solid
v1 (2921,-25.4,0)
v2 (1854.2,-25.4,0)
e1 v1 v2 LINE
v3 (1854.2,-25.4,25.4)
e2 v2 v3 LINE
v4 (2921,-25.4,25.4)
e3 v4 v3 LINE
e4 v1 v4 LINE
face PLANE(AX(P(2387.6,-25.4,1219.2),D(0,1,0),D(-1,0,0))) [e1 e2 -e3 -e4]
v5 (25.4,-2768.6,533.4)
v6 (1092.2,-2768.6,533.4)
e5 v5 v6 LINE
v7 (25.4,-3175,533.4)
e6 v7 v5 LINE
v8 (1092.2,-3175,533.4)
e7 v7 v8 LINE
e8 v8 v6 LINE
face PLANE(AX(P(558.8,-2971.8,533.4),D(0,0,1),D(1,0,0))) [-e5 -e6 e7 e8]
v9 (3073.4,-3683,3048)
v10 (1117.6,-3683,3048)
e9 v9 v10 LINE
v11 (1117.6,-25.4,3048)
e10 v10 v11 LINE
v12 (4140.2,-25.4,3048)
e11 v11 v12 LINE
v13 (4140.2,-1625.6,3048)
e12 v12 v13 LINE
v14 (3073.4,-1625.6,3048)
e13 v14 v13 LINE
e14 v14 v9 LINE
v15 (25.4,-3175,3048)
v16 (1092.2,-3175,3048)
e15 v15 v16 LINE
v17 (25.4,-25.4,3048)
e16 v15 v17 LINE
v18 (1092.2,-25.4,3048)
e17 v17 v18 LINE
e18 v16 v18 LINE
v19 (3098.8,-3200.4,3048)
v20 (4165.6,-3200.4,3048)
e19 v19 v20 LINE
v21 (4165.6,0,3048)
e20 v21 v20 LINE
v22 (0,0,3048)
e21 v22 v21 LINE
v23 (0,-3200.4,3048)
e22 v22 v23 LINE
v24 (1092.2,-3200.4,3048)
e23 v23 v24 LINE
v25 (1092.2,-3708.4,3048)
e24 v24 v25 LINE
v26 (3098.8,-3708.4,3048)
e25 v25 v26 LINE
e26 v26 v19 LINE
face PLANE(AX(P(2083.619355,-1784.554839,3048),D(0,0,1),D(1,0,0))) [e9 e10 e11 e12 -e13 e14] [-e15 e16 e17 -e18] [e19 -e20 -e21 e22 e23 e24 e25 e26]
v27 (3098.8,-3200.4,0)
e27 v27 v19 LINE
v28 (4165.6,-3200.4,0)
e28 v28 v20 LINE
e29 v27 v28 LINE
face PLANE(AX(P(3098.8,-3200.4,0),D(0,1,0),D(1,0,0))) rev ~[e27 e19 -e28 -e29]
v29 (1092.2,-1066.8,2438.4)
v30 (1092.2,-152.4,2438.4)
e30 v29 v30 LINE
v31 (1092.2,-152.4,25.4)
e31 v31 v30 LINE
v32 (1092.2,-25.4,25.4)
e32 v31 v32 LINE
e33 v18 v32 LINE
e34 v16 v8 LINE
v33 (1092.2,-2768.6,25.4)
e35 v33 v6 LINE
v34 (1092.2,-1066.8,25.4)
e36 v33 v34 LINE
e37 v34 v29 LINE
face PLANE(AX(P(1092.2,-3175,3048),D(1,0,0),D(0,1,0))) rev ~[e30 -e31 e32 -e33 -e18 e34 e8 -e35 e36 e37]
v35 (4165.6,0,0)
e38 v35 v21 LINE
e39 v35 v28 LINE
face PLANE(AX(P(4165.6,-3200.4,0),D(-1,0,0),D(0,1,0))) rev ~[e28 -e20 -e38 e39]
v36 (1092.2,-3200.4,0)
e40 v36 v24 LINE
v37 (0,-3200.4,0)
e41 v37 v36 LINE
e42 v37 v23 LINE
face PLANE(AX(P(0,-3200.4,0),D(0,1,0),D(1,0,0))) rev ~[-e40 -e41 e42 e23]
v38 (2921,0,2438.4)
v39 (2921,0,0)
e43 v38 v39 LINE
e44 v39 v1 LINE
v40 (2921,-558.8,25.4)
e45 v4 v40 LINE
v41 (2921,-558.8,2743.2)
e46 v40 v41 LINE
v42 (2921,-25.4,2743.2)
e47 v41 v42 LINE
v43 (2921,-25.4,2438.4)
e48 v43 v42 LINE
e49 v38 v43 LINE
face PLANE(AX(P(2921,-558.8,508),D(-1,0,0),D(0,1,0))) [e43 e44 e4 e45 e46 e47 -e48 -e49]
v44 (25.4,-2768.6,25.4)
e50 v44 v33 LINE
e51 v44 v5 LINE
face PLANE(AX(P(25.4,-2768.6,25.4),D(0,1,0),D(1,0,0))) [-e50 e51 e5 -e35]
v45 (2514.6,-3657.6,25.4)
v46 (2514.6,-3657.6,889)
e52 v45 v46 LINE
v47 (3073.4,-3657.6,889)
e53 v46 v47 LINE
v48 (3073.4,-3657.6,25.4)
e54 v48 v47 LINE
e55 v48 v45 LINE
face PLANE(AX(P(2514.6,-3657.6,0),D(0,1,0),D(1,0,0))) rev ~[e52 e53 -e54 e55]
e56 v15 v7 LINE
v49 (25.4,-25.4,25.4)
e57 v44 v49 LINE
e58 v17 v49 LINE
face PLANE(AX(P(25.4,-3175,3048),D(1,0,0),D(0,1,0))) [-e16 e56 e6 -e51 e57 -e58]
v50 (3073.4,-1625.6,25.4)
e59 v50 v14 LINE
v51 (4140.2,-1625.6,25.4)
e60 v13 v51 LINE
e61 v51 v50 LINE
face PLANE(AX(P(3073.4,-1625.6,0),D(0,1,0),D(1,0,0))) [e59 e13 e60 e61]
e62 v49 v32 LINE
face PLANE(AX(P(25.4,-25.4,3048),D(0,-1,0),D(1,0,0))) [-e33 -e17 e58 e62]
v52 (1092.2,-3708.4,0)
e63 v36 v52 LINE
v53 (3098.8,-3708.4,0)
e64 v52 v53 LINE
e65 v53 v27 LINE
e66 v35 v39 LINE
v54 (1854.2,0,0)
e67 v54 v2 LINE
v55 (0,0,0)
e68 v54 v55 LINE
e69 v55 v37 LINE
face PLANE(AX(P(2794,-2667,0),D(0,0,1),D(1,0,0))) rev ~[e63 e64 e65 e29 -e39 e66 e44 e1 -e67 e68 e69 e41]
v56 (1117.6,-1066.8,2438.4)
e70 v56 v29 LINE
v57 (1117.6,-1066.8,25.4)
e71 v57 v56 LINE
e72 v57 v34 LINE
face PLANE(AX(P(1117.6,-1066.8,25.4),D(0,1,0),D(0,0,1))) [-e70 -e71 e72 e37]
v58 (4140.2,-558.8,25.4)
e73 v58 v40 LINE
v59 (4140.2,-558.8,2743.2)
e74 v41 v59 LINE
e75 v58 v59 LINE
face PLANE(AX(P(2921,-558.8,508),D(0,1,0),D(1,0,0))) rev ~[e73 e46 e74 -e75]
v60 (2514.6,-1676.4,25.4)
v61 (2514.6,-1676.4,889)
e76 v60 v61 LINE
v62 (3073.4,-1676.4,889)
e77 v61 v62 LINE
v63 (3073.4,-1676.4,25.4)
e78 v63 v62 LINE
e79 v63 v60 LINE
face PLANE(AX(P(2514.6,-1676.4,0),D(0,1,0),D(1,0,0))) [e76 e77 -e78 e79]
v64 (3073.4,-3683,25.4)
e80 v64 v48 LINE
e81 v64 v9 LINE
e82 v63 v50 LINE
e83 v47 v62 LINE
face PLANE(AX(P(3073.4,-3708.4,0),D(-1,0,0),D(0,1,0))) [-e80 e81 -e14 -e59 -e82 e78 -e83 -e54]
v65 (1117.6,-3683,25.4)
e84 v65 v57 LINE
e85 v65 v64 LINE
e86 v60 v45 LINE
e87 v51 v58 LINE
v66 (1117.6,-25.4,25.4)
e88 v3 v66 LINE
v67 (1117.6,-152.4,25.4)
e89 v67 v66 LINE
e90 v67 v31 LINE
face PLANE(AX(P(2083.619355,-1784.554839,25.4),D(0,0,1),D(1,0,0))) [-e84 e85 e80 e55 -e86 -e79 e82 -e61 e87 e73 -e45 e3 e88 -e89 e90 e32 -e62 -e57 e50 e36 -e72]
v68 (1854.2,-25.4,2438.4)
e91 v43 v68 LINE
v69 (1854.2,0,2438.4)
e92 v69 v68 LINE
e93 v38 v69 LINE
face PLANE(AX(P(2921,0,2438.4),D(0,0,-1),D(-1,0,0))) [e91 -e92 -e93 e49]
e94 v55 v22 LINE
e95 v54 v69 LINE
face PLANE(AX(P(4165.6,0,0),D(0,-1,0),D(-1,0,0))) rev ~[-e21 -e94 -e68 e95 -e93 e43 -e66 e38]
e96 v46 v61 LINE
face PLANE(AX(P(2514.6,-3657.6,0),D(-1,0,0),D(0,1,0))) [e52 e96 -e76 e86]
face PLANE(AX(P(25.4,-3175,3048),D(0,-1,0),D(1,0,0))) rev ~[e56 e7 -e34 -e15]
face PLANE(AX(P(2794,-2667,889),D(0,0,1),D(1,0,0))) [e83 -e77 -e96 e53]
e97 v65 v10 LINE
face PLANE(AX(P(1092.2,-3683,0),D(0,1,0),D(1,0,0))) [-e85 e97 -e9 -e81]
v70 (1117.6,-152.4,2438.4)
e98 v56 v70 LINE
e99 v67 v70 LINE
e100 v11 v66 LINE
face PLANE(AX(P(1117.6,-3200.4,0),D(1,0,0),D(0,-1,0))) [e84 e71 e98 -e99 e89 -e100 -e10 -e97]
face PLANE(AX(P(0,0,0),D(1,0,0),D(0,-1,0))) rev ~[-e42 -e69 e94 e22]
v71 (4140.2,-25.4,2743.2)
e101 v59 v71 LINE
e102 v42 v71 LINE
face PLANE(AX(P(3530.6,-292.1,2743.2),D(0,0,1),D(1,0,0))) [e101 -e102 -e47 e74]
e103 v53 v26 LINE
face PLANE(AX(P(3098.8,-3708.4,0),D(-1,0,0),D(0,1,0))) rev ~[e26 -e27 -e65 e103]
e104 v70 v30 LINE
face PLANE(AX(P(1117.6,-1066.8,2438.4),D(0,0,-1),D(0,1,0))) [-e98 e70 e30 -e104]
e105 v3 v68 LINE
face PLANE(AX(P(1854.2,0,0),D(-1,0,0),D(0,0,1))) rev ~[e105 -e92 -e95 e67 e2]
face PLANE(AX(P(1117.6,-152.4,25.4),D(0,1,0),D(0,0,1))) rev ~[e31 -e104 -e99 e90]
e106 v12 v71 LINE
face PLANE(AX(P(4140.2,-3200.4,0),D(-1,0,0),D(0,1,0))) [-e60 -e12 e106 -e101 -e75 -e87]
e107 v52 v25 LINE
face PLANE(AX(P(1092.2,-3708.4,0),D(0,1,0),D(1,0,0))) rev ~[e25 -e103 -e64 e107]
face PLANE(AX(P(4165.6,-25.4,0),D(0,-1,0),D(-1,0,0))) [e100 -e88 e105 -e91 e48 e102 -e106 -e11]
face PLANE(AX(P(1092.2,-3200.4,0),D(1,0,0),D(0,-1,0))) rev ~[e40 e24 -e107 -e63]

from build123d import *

# Parameters (mm, degrees)
F5_DEPTH  = 3048
F7_T      = -25.4
F6_W      = 1066.8
F6_H      = 2438.4
F8_DEPTH  = 25.4
F1_W      = 1117.6
F1_H      = 3200.4
F9_DEPTH  = 3048
F2_W      = 1092.2
F2_H      = 1574.8
F10_DEPTH = 3048
F4_W      = 558.8
F4_H      = 1981.2
F11_DEPTH = 889
F3_W      = 1244.6
F3_H      = 558.8
F12_DEPTH = 508
F13_W     = 1219.2
F13_H     = 533.4
F14_DEPTH = 2235.2
F16_W     = 1066.8
F16_H     = 3149.6
F17_DEPTH = 3022.6
F15_W     = 914.4
F15_H     = 2413
F18_DEPTH = 25.4
F19_W     = 1066.8
F19_H     = 406.4
F20_DEPTH = 508


with BuildPart() as f5:
    # F0 (on Top) → F5 (new body)
    with BuildSketch(Plane.XY):
        Polygon((4165.6, 0), (0, 0), (0, -3200.4), (1092.2, -3200.4), (1092.2, -3708.4), (3098.8, -3708.4), (3098.8, -3200.4), (4165.6, -3200.4), align=None)
    extrude(amount=F5_DEPTH)

    # F7
    f7_openings = [f5.faces().sort_by_distance(p)[0] for p in [
        (2083.702086, -1731.90455, 3048),
    ]]
    offset(amount=F7_T, openings=f7_openings, kind=Kind.INTERSECTION)

    # F6 (on face) → F8 (cut, through all)
    with BuildSketch(Plane(origin=(0, 0, 0), x_dir=(-1, 0, 0), z_dir=(0, 1, 0))):
        with Locations((-2387.6, 1219.2)):
            Rectangle(F6_W, F6_H)
    extrude(amount=-F8_DEPTH, mode=Mode.SUBTRACT)

    # F1 (on face) → F9 (join)
    with BuildSketch(Plane.XY):
        with Locations((558.8, -1600.2)):
            Rectangle(F1_W, F1_H)
    extrude(amount=F9_DEPTH)

    # F2 (on face) → F10 (join)
    with BuildSketch(Plane.XY):
        with Locations((3619.5, -2413)):
            Rectangle(F2_W, F2_H)
    extrude(amount=F10_DEPTH)

    # F4 (on Top) → F11 (join)
    with BuildSketch(Plane.XY):
        with Locations((2794, -2667)):
            Rectangle(F4_W, F4_H)
    extrude(amount=F11_DEPTH)

    # F3 (on face) → F12 (join)
    with BuildSketch(Plane.XY):
        with Locations((3543.3, -279.4)):
            Rectangle(F3_W, F3_H)
    extrude(amount=F12_DEPTH)

    # F13 (on face) → F14 (join)
    with BuildSketch(Plane.XY.offset(508)):
        with Locations((3530.6, -292.1)):
            Rectangle(F13_W, F13_H)
    extrude(amount=F14_DEPTH)

    # F16 (on face) → F17 (cut)
    with BuildSketch(Plane.XY.offset(3048)):
        with Locations((558.8, -1600.2)):
            Rectangle(F16_W, F16_H)
    extrude(amount=-F17_DEPTH, mode=Mode.SUBTRACT)

    # F15 (on face) → F18 (cut)
    with BuildSketch(Plane.YZ.offset(1117.6)):
        with Locations((-609.6, 1231.9)):
            Rectangle(F15_W, F15_H)
    extrude(amount=-F18_DEPTH, mode=Mode.SUBTRACT)

    # F19 (on face) → F20 (join)
    with BuildSketch(Plane.XY.offset(25.4)):
        with Locations((558.8, -2971.8)):
            Rectangle(F19_W, F19_H)
    extrude(amount=F20_DEPTH)


solid = f5.part
